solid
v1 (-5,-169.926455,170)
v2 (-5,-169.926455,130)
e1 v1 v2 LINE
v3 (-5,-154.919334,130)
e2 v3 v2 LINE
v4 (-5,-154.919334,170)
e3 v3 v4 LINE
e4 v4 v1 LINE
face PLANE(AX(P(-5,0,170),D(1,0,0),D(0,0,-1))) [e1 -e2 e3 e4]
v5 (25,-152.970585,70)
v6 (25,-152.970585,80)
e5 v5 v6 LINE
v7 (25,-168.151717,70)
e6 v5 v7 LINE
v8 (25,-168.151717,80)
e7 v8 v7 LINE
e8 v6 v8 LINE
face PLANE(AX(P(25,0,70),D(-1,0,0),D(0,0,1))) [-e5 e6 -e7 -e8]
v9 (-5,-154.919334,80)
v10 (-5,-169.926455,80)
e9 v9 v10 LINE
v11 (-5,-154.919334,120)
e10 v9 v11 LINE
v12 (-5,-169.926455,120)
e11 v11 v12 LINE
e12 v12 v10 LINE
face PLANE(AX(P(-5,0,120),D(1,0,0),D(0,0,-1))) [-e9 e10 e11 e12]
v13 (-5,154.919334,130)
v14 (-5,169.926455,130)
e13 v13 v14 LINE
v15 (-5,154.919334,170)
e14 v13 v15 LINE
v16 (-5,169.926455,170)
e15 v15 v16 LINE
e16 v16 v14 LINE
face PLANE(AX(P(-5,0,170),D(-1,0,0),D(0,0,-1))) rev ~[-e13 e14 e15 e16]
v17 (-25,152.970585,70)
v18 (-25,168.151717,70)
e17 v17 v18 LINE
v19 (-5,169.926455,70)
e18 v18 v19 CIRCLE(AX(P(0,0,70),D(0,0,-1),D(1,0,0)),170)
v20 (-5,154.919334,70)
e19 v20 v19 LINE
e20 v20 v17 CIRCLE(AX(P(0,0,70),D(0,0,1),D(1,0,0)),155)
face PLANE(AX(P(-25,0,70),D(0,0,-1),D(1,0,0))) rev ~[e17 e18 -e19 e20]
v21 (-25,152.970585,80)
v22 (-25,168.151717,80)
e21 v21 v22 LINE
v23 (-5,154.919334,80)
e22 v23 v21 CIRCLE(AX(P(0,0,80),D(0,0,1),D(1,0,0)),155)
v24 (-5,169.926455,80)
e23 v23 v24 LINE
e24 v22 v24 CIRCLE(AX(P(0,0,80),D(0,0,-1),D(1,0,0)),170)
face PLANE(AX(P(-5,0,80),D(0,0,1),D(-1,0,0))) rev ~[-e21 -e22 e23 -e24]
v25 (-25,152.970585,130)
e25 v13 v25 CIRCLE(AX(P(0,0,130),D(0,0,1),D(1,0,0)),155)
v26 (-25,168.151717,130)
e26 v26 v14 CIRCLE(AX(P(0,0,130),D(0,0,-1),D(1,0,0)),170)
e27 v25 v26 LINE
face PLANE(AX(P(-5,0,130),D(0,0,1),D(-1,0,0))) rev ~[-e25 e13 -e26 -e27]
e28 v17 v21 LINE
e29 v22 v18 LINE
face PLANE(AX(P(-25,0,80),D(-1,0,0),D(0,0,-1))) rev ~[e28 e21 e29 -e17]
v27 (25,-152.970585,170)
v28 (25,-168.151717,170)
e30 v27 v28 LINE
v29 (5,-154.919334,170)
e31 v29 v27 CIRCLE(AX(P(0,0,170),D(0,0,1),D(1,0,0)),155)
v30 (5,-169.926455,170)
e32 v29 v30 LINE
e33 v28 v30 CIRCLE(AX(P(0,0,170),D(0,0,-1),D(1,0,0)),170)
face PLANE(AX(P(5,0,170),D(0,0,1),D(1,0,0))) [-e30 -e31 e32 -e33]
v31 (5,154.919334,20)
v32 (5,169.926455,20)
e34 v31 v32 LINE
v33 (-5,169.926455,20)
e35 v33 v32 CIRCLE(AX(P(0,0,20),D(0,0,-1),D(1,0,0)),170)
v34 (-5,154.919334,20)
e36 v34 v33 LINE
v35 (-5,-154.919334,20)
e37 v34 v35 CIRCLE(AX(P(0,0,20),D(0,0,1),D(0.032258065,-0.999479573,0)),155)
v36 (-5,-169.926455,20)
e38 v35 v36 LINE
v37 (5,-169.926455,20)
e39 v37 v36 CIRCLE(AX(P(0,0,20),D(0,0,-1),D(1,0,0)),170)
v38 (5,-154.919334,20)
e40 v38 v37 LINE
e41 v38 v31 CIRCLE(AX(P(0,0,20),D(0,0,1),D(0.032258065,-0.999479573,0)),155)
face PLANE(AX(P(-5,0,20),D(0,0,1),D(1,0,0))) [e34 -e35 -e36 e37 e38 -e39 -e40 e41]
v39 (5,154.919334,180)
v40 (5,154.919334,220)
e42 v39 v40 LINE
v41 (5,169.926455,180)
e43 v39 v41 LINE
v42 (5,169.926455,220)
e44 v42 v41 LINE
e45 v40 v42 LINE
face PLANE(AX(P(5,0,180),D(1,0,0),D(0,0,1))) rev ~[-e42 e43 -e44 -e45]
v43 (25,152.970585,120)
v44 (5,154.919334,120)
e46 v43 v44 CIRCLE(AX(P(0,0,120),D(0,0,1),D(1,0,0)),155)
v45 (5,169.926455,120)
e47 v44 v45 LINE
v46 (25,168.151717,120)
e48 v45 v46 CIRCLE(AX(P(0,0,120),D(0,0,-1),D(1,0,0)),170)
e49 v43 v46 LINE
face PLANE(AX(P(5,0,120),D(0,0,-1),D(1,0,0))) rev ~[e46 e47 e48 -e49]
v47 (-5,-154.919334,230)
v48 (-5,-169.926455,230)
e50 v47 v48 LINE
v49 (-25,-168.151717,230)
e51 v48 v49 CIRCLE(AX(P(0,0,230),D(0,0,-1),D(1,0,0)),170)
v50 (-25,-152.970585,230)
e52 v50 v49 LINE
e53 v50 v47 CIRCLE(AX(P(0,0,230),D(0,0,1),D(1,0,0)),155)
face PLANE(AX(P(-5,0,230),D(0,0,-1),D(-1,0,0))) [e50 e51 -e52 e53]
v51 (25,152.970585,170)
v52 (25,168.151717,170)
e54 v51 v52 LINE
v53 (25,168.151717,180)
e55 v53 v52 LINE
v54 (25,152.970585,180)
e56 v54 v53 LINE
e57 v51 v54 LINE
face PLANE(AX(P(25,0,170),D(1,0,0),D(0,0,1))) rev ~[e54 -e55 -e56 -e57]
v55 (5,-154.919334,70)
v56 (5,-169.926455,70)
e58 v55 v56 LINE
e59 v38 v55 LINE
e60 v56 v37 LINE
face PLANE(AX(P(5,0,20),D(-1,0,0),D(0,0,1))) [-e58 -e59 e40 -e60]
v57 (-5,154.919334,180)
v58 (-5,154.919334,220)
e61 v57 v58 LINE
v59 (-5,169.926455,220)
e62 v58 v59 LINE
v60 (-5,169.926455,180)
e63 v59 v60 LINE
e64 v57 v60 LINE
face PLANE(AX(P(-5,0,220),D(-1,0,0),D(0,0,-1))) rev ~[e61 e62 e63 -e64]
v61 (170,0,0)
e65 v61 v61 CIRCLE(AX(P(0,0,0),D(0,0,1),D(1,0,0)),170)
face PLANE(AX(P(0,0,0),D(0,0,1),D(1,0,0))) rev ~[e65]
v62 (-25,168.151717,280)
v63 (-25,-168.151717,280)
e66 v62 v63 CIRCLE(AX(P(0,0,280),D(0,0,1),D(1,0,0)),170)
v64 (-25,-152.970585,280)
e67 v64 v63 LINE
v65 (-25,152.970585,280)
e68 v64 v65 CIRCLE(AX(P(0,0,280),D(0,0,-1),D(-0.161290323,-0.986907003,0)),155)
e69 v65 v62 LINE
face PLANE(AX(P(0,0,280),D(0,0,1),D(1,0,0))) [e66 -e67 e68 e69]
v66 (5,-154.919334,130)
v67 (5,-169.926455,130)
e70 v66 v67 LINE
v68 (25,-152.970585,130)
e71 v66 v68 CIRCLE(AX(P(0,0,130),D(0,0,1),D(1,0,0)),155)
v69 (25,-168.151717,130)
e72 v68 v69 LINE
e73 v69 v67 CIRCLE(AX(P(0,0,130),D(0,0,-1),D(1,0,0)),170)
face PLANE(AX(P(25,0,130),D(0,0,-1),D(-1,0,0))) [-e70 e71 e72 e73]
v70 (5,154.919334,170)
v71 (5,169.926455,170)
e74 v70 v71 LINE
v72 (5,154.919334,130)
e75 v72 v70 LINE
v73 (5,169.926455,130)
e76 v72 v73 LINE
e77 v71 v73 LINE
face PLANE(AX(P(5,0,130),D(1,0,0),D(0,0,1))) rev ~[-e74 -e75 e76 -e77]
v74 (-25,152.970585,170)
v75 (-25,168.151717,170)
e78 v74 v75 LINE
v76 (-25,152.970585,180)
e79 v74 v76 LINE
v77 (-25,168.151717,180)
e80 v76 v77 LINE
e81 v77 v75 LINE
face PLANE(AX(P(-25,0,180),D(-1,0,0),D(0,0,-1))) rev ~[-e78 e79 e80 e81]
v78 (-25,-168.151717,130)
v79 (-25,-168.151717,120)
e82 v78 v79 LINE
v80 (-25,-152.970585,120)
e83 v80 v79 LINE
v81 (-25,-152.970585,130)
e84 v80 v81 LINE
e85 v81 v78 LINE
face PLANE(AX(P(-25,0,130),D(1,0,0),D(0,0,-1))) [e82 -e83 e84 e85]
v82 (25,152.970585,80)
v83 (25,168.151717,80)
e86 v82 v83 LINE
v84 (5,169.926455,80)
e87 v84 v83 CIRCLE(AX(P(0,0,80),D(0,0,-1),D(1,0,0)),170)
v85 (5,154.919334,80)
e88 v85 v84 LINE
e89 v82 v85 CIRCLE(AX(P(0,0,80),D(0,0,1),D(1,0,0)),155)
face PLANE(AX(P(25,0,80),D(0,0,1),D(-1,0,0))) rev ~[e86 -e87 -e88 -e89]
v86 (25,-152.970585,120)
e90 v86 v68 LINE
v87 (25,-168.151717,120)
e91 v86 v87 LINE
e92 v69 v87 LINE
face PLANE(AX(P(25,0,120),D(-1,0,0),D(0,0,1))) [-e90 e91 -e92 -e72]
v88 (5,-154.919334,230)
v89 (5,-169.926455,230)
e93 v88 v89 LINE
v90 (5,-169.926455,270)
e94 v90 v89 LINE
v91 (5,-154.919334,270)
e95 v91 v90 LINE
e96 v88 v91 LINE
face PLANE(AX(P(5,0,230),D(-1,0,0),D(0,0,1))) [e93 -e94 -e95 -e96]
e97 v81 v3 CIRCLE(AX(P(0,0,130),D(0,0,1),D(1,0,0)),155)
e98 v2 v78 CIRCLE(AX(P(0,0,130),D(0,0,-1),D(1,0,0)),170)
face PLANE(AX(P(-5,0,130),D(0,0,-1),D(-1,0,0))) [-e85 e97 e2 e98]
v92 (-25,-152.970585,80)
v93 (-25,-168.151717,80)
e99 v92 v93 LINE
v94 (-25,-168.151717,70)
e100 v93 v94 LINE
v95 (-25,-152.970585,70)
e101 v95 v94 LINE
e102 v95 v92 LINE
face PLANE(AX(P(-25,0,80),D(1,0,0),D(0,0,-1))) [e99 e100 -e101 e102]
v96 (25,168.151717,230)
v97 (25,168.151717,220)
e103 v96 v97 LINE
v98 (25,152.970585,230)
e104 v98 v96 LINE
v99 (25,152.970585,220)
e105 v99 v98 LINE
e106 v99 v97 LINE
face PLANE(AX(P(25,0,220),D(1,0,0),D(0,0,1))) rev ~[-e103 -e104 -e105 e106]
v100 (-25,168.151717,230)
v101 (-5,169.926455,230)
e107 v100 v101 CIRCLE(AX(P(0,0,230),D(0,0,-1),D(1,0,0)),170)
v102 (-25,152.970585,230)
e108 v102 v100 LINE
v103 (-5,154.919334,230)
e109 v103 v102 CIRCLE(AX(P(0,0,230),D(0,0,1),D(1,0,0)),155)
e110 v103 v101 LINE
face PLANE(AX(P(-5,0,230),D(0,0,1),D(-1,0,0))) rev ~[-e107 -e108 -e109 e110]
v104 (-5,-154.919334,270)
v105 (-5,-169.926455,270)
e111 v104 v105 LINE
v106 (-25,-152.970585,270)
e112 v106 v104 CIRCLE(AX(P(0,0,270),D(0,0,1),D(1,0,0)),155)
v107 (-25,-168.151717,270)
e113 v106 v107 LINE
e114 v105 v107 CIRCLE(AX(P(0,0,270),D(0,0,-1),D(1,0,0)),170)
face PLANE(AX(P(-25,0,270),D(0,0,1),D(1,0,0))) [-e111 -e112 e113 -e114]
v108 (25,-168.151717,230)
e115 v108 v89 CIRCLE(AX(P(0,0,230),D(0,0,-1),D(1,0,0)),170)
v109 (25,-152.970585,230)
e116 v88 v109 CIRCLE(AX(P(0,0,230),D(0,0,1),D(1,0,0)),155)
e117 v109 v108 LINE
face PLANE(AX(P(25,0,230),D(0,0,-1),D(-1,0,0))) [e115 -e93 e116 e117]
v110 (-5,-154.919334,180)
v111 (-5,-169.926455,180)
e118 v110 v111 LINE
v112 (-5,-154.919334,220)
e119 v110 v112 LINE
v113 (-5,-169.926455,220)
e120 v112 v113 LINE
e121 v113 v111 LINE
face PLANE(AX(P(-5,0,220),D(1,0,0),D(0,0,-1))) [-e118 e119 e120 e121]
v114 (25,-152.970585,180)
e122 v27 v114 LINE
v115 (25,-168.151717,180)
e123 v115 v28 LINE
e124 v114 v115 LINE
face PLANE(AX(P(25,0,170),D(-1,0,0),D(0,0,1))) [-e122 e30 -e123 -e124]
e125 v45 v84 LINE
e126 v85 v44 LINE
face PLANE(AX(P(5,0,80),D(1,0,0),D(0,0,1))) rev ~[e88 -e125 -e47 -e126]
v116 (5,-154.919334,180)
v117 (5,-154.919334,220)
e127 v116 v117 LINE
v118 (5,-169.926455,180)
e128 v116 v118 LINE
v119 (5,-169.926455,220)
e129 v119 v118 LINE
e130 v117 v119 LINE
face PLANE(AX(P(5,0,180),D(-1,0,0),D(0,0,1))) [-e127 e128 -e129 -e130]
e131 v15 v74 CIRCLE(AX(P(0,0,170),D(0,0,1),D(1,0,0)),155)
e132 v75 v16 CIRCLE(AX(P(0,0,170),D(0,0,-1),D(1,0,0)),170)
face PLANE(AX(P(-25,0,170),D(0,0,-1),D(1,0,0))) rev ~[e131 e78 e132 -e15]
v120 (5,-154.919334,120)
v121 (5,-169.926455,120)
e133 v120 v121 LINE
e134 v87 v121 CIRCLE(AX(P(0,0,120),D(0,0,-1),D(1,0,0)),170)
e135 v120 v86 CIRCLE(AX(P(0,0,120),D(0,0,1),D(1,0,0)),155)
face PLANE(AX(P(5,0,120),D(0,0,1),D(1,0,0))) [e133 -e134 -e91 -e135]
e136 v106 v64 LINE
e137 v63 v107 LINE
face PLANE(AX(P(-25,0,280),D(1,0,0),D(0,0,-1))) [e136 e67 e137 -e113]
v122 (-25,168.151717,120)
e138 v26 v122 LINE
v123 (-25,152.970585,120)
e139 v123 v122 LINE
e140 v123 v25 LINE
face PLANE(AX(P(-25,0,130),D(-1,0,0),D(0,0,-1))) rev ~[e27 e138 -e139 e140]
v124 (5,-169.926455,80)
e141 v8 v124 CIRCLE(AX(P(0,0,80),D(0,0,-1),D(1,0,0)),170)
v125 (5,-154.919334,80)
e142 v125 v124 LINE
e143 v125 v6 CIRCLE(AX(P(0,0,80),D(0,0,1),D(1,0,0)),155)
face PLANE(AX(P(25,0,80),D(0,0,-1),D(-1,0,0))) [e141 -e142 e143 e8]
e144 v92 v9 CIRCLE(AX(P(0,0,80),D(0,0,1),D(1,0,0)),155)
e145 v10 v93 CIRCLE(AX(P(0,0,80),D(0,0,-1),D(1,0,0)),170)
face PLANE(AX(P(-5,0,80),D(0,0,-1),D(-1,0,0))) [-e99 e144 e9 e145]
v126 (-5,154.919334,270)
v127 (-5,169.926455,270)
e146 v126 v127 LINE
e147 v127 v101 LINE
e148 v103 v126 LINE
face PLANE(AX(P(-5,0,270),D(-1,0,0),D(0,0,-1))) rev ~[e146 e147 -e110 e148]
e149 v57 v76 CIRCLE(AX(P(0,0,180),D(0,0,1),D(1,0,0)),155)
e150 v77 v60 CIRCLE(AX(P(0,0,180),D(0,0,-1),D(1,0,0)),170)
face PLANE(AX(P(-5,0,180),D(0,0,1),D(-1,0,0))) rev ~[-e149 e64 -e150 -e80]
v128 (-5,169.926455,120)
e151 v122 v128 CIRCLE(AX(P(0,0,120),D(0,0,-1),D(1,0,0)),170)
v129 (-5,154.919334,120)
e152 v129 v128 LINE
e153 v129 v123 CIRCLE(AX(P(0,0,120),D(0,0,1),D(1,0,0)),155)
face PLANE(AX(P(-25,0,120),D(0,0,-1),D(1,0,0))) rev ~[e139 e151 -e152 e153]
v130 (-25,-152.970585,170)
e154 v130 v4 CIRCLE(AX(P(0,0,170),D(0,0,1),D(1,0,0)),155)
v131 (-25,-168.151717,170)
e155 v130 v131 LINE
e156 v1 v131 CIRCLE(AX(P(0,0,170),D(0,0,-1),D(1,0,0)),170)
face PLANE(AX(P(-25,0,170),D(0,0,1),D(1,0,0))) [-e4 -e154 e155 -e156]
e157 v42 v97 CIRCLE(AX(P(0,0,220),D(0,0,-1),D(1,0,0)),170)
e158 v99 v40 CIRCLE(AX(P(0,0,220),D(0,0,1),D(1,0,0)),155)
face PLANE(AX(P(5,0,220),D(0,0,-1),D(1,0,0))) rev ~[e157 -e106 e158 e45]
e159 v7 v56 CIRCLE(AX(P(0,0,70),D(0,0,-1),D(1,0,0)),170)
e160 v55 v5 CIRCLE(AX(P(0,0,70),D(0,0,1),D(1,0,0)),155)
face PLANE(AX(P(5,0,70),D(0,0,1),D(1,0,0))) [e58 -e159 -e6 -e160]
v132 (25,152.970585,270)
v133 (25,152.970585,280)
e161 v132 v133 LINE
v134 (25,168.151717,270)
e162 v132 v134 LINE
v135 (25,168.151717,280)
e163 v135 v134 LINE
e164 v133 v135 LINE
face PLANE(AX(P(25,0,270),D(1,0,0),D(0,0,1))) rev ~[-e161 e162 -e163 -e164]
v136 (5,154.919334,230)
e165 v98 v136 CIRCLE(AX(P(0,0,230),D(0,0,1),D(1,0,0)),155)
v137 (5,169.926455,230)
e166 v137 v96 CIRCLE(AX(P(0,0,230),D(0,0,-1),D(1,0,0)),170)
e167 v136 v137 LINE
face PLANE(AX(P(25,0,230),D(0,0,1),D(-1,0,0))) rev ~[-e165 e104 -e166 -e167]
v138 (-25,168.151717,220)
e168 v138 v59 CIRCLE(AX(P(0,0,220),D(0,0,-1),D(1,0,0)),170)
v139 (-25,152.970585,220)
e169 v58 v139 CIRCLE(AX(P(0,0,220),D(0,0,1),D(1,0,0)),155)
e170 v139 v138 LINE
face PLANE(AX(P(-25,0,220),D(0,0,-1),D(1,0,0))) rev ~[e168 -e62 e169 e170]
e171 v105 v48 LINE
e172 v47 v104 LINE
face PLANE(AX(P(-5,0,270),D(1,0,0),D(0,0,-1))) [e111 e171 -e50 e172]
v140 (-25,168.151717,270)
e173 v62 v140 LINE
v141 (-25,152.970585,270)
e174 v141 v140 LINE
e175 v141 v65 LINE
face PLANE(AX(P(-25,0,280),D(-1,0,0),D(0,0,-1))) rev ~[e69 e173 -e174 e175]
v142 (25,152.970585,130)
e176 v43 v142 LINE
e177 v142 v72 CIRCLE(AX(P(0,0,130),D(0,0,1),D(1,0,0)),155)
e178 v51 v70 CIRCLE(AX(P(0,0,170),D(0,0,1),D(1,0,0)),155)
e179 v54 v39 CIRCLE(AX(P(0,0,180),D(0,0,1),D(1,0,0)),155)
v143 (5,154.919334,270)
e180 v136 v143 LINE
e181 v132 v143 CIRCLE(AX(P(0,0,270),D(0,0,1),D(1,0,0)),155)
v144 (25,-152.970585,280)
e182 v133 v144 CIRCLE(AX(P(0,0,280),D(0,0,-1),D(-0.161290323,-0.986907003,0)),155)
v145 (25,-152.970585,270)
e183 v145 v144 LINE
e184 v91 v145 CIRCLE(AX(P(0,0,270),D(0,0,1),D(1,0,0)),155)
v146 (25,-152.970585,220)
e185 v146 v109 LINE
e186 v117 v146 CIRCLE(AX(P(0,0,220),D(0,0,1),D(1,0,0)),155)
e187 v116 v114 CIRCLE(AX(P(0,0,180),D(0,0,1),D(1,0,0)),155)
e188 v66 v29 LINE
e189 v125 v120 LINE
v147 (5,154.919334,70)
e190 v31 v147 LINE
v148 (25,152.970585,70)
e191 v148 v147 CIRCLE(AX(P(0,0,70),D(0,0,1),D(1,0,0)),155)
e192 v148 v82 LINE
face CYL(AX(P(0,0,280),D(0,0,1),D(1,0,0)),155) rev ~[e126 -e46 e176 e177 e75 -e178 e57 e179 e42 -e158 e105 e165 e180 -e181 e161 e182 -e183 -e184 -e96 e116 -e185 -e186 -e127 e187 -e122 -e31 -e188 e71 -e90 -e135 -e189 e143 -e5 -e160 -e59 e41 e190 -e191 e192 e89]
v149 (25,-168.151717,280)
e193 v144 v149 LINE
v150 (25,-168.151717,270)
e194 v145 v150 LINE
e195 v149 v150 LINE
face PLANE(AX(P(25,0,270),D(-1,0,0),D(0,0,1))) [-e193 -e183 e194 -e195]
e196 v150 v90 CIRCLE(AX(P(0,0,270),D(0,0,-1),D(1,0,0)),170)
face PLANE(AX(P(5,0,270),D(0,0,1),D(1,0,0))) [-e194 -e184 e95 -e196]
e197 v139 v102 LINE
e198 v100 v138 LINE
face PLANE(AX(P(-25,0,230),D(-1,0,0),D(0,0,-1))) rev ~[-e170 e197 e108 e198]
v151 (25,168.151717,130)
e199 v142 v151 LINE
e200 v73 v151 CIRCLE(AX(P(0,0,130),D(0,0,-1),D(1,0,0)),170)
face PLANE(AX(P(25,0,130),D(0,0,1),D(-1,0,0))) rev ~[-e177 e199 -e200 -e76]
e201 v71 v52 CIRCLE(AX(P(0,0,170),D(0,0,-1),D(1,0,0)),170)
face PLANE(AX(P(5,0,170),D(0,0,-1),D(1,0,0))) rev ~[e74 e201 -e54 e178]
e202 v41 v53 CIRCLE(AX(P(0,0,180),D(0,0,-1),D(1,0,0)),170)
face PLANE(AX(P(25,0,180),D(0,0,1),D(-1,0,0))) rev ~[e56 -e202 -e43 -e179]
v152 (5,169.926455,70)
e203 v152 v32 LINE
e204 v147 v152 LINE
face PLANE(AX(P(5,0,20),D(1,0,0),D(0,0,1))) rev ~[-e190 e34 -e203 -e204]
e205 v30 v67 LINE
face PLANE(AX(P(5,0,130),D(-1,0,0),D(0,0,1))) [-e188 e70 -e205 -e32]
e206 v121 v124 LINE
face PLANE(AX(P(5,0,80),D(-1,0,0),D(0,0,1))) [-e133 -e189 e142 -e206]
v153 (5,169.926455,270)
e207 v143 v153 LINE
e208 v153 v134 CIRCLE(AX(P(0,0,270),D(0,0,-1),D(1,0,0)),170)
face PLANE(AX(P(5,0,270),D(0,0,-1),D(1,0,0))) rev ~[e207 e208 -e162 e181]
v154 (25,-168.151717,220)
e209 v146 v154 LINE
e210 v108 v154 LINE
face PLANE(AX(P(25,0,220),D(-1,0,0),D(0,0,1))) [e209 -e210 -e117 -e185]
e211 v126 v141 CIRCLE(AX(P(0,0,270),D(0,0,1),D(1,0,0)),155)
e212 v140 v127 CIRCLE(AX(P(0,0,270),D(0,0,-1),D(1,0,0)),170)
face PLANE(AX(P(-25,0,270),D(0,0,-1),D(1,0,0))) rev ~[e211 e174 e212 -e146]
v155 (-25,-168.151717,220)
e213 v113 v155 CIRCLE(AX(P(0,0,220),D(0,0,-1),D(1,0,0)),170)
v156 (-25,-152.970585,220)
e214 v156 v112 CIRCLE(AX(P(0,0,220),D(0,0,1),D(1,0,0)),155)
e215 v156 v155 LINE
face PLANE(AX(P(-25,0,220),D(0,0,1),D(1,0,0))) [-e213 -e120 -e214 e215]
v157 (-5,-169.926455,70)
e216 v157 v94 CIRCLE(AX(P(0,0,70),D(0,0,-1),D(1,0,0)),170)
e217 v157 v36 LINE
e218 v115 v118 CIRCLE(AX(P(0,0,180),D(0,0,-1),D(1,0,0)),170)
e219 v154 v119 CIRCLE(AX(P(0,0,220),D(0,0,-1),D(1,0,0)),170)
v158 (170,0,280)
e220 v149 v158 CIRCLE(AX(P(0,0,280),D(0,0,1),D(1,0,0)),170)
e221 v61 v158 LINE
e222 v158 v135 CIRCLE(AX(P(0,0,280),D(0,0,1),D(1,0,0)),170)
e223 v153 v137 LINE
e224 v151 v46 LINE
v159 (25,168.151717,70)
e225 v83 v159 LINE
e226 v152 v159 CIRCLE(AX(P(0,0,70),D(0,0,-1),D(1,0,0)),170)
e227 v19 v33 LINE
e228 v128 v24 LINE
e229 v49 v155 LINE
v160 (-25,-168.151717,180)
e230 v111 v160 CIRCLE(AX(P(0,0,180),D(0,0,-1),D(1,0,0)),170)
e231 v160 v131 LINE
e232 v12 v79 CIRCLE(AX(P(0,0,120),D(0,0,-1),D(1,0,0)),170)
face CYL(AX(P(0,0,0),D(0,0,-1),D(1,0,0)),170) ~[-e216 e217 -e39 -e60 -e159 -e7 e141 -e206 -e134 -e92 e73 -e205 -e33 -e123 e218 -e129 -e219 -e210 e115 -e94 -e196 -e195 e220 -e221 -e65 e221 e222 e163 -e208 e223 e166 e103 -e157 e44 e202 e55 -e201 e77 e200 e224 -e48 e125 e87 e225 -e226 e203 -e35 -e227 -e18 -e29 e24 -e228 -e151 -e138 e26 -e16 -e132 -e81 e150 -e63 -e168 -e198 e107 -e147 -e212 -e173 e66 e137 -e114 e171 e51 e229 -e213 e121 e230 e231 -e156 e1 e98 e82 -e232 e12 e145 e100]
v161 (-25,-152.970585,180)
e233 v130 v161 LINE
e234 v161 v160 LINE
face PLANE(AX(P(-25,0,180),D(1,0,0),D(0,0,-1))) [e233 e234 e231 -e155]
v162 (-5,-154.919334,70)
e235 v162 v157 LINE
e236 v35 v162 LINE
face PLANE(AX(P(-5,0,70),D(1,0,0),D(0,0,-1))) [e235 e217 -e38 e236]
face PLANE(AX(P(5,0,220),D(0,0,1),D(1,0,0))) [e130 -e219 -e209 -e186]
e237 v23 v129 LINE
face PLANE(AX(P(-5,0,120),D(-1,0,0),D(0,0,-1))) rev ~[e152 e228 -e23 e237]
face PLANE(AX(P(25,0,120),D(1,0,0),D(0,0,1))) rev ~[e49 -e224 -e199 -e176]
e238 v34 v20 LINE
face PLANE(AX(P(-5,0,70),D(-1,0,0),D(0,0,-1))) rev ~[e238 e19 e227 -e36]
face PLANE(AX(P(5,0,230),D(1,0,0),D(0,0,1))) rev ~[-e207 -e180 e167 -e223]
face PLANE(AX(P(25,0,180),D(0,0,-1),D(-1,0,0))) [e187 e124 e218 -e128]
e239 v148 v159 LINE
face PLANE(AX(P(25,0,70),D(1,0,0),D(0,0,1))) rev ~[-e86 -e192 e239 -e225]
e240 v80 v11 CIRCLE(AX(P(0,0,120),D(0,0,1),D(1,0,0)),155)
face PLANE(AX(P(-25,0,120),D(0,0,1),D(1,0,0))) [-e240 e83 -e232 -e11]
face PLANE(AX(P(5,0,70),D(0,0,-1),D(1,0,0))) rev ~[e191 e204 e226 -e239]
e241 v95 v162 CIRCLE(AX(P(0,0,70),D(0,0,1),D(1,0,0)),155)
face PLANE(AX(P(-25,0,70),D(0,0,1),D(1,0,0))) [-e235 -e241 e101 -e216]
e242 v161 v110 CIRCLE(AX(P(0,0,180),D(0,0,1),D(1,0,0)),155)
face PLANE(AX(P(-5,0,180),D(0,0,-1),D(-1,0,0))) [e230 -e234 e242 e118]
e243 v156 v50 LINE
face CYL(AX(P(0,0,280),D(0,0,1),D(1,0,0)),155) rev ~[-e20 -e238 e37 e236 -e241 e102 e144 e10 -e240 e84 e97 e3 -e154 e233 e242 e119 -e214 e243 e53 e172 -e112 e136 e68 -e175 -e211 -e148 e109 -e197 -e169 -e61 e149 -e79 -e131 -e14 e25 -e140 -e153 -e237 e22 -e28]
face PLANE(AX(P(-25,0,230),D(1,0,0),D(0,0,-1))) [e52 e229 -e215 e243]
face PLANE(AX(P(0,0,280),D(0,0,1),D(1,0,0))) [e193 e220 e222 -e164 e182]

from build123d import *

# Parameters (mm, degrees)
F0_R          = 170
F1_DEPTH      = 280
F2_R          = 155
F3_DEPTH      = 260
F5_DEPTH      = 170.001
F5_DEPTH_BACK = 170.001


with BuildPart() as f1:
    # F0 (on Top) → F1 (new body)
    with BuildSketch(Plane.XY):
        Circle(F0_R)
    extrude(amount=F1_DEPTH)

    # F2 (on face) → F3 (cut)
    with BuildSketch(Plane.XY.offset(280)):
        Circle(F2_R)
    extrude(amount=-F3_DEPTH, mode=Mode.SUBTRACT)

    # F4 (on Front) → F5 (cut, two sides)
    with BuildSketch(Plane.XZ) as f5_sk:
        Polygon((5, 280), (0, 280), (-5, 280), (-25, 280), (-25, 270), (-5, 270), (-5, 230), (-25, 230), (-25, 225), (-25, 220), (-5, 220), (-5, 180), (-25, 180), (-25, 175), (-25, 170), (-5, 170), (-5, 130), (-25, 130), (-25, 125), (-25, 120), (-5, 120), (-5, 80), (-25, 80), (-25, 75), (-25, 70), (-5, 70), (-5, 30), (-5, 20), (5, 20), (5, 30), (5, 70), (25, 70), (25, 80), (5, 80), (5, 120), (25, 120), (25, 130), (5, 130), (5, 170), (25, 170), (25, 180), (5, 180), (5, 220), (25, 220), (25, 230), (5, 230), (5, 270), (25, 270), (25, 280), align=None)
    extrude(amount=F5_DEPTH, mode=Mode.SUBTRACT)
    extrude(f5_sk.sketch, amount=-F5_DEPTH_BACK, mode=Mode.SUBTRACT)


solid = f1.part
